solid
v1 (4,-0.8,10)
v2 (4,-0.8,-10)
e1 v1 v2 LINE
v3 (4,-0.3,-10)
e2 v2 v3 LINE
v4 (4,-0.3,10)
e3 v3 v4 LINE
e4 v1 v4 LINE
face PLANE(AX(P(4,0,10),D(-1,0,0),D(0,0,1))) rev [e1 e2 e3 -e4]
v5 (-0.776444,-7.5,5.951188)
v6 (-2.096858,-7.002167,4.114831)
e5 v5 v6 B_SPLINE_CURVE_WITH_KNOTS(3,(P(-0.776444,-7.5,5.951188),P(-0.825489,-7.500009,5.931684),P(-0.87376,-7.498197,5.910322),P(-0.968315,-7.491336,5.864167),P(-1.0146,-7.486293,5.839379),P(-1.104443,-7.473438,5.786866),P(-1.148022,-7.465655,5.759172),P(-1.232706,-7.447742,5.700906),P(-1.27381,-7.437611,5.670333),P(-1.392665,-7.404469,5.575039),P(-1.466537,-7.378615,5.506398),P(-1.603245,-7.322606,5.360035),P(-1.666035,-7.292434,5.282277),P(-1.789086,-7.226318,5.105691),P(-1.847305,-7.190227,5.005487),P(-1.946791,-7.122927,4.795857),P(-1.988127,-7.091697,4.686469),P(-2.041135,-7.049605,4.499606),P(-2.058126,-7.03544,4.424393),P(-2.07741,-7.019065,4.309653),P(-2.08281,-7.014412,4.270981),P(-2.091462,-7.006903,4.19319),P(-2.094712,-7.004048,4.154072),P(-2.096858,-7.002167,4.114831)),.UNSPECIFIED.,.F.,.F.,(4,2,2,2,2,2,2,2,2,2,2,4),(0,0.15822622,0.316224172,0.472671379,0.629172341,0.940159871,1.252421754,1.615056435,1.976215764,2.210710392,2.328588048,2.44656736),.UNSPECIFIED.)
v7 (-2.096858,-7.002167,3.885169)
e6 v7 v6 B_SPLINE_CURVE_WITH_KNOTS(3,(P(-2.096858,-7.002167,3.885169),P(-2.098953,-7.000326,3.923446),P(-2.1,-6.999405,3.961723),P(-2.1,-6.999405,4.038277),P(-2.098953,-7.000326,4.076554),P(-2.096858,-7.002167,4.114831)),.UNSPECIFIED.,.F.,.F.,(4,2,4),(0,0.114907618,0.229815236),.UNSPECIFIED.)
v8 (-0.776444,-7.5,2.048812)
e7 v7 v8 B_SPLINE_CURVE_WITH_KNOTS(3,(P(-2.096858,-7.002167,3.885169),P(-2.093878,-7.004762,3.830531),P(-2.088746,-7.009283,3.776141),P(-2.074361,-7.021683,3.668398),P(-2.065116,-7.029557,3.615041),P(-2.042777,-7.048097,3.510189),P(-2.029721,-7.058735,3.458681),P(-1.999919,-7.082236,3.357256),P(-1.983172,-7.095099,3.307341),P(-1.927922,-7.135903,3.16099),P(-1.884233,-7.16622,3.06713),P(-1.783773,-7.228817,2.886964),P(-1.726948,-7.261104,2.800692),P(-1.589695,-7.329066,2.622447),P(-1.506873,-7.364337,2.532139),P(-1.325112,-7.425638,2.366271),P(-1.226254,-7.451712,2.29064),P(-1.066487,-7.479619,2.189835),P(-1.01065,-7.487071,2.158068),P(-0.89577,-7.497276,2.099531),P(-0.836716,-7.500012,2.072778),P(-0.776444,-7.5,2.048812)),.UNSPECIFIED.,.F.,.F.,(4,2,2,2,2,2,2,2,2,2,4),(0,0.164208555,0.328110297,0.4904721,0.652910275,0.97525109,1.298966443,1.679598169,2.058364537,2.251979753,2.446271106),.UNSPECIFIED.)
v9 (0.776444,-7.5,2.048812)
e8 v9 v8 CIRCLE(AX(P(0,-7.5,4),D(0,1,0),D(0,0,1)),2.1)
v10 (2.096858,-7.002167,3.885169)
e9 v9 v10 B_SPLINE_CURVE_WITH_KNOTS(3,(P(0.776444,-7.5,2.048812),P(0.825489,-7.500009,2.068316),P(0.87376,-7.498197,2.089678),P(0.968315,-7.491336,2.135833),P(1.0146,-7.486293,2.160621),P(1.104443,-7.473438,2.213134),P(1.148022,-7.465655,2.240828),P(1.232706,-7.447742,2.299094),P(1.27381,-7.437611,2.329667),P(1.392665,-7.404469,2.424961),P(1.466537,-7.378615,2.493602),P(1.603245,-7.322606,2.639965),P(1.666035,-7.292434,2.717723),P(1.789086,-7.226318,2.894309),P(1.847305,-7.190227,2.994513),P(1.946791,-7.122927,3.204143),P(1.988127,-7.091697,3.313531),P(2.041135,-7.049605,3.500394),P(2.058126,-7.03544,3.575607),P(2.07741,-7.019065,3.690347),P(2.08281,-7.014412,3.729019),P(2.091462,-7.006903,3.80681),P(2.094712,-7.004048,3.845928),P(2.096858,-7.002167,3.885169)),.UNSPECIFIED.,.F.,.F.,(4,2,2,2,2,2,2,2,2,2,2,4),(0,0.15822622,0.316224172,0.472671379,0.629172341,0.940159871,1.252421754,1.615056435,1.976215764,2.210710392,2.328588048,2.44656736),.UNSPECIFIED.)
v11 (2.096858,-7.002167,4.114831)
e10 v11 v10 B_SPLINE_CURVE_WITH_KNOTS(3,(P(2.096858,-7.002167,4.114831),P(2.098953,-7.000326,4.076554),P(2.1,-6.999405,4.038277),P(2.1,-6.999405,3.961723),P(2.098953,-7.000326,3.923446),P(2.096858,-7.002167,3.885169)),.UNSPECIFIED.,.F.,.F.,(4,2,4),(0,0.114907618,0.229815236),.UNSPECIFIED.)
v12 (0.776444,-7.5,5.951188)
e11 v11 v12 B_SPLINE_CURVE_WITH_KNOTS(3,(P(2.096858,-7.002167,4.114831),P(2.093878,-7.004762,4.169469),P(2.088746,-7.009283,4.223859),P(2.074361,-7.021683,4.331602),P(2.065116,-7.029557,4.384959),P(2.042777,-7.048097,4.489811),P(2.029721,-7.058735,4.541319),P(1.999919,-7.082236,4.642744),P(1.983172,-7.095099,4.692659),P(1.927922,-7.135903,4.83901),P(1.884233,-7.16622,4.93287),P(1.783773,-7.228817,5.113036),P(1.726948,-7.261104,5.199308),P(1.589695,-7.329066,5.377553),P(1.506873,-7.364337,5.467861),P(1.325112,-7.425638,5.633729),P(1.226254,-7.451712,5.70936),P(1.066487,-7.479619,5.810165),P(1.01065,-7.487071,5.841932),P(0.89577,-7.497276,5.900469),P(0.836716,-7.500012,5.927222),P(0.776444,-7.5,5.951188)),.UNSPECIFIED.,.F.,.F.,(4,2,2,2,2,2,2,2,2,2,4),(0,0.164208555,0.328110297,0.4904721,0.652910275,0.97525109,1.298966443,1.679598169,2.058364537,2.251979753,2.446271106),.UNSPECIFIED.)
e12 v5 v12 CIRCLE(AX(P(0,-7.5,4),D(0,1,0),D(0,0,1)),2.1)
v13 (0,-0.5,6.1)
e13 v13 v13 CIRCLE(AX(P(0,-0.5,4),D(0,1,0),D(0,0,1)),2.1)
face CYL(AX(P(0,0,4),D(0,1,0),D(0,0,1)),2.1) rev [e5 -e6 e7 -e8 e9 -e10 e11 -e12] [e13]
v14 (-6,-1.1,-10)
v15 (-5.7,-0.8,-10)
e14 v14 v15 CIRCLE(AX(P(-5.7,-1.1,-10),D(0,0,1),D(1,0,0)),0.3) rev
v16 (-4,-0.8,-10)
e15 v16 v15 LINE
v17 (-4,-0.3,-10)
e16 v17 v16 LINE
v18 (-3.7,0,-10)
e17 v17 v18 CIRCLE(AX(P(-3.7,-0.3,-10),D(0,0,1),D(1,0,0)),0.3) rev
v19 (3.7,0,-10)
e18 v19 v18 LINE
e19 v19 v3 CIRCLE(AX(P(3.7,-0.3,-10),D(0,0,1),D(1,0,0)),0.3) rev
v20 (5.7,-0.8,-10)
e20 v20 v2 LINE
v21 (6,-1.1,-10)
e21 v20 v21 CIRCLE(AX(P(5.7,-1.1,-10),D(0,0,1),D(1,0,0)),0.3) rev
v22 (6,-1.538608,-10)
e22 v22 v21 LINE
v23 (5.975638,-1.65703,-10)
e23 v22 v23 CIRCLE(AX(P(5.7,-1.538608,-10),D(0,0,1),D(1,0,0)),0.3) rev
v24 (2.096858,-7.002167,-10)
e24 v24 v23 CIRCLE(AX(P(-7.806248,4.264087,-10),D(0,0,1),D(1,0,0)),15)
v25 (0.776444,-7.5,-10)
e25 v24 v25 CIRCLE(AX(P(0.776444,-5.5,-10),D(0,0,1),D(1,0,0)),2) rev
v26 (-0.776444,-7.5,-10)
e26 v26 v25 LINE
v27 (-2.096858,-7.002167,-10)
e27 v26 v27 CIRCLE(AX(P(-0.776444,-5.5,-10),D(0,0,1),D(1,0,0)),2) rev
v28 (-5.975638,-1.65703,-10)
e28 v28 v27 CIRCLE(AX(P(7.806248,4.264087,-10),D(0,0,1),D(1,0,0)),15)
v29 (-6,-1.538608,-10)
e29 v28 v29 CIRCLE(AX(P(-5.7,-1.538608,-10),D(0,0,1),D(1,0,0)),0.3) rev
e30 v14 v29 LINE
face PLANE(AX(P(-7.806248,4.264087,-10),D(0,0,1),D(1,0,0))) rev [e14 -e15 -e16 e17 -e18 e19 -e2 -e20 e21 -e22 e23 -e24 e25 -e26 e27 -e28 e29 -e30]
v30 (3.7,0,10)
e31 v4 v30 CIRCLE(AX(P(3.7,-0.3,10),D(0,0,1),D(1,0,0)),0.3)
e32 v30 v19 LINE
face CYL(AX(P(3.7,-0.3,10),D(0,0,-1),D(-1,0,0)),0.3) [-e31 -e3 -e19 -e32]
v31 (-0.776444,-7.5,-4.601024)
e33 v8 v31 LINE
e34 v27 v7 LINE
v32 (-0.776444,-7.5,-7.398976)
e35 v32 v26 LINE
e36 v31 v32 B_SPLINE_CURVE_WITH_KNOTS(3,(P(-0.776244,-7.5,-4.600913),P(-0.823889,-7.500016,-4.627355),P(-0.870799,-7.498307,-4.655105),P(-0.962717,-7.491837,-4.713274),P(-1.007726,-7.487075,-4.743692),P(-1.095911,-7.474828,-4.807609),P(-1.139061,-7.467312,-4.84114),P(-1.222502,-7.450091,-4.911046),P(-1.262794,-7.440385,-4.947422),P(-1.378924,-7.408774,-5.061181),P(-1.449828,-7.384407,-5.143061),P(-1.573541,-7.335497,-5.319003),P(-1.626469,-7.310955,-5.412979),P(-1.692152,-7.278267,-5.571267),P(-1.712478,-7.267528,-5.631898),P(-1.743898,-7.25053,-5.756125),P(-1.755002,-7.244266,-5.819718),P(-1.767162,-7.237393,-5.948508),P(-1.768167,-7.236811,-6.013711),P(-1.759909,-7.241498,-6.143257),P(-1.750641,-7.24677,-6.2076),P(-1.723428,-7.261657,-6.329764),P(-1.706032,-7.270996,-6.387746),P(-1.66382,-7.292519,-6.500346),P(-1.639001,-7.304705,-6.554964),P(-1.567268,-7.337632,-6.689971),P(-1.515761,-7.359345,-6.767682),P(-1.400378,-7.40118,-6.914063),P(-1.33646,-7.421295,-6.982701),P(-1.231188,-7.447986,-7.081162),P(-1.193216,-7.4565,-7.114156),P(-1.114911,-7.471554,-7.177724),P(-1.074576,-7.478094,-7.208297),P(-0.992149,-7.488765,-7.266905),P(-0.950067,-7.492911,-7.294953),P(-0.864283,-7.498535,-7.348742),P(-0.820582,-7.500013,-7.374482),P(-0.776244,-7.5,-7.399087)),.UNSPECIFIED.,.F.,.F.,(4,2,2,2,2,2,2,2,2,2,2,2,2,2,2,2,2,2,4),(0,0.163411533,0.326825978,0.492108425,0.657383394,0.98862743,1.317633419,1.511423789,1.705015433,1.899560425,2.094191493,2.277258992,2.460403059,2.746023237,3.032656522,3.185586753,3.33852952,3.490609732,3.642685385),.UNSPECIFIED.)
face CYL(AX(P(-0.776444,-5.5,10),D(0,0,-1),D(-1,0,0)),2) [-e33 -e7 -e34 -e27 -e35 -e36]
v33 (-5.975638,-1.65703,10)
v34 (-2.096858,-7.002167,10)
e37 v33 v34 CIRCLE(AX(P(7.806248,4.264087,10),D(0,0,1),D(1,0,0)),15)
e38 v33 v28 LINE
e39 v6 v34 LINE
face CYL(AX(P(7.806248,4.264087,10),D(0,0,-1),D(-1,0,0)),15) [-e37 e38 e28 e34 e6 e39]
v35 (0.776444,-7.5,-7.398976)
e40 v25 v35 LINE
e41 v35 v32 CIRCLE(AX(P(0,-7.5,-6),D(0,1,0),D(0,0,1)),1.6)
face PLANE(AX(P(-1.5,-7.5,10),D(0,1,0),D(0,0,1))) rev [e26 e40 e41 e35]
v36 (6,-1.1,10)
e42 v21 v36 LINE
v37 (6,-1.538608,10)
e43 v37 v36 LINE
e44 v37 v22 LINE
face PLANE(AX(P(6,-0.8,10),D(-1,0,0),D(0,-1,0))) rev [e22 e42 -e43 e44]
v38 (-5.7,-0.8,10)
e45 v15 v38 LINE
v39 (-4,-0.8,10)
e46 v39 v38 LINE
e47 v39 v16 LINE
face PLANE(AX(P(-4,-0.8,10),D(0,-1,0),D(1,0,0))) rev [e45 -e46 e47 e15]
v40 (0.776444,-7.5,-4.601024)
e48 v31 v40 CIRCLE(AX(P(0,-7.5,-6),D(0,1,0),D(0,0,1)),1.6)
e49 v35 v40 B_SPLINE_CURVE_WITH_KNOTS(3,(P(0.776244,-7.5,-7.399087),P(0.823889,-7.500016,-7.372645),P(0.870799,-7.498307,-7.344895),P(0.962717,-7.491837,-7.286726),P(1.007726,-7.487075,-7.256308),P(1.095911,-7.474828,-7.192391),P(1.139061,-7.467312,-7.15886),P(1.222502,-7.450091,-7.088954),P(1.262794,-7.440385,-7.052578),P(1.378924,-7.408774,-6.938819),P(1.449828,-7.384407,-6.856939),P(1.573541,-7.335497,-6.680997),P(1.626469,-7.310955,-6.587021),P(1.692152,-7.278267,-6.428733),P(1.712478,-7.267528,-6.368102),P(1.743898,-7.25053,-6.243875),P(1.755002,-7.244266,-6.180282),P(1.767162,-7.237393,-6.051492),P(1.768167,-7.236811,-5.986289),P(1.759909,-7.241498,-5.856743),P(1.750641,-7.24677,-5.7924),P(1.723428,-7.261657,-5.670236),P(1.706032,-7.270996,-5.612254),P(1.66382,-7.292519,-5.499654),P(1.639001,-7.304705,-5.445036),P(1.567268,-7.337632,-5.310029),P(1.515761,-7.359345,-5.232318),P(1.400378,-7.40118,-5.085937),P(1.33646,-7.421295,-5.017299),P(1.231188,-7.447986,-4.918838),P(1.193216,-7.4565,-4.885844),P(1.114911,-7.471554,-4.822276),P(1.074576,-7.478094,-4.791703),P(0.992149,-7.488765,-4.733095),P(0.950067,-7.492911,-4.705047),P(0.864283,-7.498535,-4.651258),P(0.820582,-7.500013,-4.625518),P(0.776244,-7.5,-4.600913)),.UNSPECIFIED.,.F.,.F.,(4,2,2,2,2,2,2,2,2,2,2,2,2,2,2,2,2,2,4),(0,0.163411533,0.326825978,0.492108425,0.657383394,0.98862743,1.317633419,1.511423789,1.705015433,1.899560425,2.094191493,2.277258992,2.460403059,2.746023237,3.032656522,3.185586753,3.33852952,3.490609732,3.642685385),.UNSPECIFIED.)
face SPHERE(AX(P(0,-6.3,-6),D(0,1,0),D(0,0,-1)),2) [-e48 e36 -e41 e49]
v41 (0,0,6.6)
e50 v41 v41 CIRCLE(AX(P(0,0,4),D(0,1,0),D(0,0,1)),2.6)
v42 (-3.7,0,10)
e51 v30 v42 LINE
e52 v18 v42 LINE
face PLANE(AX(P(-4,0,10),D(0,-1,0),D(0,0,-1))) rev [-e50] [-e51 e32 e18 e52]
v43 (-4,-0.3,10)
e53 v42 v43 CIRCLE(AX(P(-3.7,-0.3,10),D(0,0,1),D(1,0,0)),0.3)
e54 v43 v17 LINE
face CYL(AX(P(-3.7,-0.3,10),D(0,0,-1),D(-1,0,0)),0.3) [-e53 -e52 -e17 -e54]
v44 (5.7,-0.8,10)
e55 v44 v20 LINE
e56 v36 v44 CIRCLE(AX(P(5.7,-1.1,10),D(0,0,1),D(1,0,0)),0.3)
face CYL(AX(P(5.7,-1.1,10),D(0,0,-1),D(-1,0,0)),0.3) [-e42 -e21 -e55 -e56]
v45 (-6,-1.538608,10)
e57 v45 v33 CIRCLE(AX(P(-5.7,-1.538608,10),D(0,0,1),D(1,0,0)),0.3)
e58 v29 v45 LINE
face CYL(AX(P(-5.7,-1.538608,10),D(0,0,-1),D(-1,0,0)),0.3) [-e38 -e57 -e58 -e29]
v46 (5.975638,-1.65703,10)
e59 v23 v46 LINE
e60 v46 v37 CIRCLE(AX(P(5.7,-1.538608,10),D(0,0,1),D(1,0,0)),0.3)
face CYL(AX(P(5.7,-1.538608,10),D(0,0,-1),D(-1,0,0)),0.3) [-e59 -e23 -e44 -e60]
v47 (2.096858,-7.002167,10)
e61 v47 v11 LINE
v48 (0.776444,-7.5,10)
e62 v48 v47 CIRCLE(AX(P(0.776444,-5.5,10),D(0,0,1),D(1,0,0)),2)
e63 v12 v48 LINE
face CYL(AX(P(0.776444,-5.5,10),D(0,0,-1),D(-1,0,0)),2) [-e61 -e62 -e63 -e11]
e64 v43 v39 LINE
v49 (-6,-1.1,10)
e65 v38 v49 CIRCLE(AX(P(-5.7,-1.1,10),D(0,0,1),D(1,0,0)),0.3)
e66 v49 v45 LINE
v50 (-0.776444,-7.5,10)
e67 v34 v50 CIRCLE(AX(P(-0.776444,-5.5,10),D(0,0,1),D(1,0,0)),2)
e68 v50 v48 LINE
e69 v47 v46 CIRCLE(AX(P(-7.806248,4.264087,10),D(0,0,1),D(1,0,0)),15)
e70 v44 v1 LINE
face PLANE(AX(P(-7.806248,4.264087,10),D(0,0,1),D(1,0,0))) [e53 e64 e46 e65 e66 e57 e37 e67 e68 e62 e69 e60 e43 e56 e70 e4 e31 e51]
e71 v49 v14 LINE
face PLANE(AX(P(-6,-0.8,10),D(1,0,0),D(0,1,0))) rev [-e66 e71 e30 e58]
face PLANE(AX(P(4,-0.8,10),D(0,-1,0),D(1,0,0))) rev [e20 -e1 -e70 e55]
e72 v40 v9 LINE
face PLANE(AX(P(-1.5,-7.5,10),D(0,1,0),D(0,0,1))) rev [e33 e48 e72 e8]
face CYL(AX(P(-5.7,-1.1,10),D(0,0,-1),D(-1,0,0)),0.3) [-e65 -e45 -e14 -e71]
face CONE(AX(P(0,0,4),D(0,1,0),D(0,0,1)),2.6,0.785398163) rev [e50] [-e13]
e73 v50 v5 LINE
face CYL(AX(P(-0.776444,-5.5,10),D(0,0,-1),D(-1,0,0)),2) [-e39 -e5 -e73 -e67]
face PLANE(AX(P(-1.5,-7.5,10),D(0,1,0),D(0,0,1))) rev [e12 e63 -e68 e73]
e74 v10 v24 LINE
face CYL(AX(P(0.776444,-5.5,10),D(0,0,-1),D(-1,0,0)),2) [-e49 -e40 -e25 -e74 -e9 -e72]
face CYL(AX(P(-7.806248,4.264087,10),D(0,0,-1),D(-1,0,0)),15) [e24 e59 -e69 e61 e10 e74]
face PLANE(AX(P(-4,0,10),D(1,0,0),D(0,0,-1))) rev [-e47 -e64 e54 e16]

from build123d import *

# Parameters (mm, degrees)
EXTRUDE_1_DEPTH             = 10
FILLET_1_R                  = 0.3
FILLET_2_R                  = 2
HOLE_WIZARD_M51_D           = 4.2
HOLE_WIZARD_M51_CSINK_D     = 5.2
HOLE_WIZARD_M51_CSINK_ANGLE = 90


with BuildPart() as part:
    # Эскиз1 → Бобышка-Вытянуть1 (new body, symmetric)
    with BuildSketch(Plane.XY):
        with BuildLine():
            Line((-4, 0), (4, 0))
            Line((4, 0), (4, -0.8))
            Line((4, -0.8), (6, -0.8))
            Line((6, -0.8), (6, -1.6))
            ThreePointArc((6, -1.6), (4.120585945, -4.832650297), (1.5, -7.5))
            Line((1.5, -7.5), (-1.5, -7.5))
            ThreePointArc((-1.5, -7.5), (-4.120585945, -4.832650297), (-6, -1.6))
            Line((-6, -1.6), (-6, -0.8))
            Line((-6, -0.8), (-4, -0.8))
            Line((-4, -0.8), (-4, 0))
        make_face()
    extrude(amount=EXTRUDE_1_DEPTH, both=True)

    # Скругление1
    fillet_1_edges = [part.edges().sort_by_distance(p)[0] for p in [
        (6, -0.8, 0),
        (6, -1.6, 0),
        (-6, -1.6, 0),
        (-6, -0.8, 0),
        (-4, 0, 0),
        (4, 0, 0),
    ]]
    fillet(fillet_1_edges, radius=FILLET_1_R)

    # Скругление2
    fillet_2_edges = [part.edges().sort_by_distance(p)[0] for p in [
        (1.5, -7.5, 0),
        (-1.5, -7.5, 0),
    ]]
    fillet(fillet_2_edges, radius=FILLET_2_R)

    # Отверстие обработанное метчиком M51 (through all)
    with Locations(Plane(origin=(0, 0, 0), x_dir=(1, 0, 0), z_dir=(0, 1, 0))):
        with Locations((0, -4)):
            CounterSinkHole(HOLE_WIZARD_M51_D / 2, HOLE_WIZARD_M51_CSINK_D / 2, counter_sink_angle=HOLE_WIZARD_M51_CSINK_ANGLE)

    # Эскиз5 → Повернуть1 (revolve)
    with BuildSketch(Plane(origin=(0, 0, 0), x_dir=(0, 0, -1), z_dir=(1, 0, 0))):
        with BuildLine():
            Line((6, -4.3), (6, -8.3))
            ThreePointArc((6, -8.3), (4, -6.3), (6, -4.3))
        make_face()
    revolve(axis=Axis((0, -4.3, -6), (0, -1, 0)))


solid = part.part
